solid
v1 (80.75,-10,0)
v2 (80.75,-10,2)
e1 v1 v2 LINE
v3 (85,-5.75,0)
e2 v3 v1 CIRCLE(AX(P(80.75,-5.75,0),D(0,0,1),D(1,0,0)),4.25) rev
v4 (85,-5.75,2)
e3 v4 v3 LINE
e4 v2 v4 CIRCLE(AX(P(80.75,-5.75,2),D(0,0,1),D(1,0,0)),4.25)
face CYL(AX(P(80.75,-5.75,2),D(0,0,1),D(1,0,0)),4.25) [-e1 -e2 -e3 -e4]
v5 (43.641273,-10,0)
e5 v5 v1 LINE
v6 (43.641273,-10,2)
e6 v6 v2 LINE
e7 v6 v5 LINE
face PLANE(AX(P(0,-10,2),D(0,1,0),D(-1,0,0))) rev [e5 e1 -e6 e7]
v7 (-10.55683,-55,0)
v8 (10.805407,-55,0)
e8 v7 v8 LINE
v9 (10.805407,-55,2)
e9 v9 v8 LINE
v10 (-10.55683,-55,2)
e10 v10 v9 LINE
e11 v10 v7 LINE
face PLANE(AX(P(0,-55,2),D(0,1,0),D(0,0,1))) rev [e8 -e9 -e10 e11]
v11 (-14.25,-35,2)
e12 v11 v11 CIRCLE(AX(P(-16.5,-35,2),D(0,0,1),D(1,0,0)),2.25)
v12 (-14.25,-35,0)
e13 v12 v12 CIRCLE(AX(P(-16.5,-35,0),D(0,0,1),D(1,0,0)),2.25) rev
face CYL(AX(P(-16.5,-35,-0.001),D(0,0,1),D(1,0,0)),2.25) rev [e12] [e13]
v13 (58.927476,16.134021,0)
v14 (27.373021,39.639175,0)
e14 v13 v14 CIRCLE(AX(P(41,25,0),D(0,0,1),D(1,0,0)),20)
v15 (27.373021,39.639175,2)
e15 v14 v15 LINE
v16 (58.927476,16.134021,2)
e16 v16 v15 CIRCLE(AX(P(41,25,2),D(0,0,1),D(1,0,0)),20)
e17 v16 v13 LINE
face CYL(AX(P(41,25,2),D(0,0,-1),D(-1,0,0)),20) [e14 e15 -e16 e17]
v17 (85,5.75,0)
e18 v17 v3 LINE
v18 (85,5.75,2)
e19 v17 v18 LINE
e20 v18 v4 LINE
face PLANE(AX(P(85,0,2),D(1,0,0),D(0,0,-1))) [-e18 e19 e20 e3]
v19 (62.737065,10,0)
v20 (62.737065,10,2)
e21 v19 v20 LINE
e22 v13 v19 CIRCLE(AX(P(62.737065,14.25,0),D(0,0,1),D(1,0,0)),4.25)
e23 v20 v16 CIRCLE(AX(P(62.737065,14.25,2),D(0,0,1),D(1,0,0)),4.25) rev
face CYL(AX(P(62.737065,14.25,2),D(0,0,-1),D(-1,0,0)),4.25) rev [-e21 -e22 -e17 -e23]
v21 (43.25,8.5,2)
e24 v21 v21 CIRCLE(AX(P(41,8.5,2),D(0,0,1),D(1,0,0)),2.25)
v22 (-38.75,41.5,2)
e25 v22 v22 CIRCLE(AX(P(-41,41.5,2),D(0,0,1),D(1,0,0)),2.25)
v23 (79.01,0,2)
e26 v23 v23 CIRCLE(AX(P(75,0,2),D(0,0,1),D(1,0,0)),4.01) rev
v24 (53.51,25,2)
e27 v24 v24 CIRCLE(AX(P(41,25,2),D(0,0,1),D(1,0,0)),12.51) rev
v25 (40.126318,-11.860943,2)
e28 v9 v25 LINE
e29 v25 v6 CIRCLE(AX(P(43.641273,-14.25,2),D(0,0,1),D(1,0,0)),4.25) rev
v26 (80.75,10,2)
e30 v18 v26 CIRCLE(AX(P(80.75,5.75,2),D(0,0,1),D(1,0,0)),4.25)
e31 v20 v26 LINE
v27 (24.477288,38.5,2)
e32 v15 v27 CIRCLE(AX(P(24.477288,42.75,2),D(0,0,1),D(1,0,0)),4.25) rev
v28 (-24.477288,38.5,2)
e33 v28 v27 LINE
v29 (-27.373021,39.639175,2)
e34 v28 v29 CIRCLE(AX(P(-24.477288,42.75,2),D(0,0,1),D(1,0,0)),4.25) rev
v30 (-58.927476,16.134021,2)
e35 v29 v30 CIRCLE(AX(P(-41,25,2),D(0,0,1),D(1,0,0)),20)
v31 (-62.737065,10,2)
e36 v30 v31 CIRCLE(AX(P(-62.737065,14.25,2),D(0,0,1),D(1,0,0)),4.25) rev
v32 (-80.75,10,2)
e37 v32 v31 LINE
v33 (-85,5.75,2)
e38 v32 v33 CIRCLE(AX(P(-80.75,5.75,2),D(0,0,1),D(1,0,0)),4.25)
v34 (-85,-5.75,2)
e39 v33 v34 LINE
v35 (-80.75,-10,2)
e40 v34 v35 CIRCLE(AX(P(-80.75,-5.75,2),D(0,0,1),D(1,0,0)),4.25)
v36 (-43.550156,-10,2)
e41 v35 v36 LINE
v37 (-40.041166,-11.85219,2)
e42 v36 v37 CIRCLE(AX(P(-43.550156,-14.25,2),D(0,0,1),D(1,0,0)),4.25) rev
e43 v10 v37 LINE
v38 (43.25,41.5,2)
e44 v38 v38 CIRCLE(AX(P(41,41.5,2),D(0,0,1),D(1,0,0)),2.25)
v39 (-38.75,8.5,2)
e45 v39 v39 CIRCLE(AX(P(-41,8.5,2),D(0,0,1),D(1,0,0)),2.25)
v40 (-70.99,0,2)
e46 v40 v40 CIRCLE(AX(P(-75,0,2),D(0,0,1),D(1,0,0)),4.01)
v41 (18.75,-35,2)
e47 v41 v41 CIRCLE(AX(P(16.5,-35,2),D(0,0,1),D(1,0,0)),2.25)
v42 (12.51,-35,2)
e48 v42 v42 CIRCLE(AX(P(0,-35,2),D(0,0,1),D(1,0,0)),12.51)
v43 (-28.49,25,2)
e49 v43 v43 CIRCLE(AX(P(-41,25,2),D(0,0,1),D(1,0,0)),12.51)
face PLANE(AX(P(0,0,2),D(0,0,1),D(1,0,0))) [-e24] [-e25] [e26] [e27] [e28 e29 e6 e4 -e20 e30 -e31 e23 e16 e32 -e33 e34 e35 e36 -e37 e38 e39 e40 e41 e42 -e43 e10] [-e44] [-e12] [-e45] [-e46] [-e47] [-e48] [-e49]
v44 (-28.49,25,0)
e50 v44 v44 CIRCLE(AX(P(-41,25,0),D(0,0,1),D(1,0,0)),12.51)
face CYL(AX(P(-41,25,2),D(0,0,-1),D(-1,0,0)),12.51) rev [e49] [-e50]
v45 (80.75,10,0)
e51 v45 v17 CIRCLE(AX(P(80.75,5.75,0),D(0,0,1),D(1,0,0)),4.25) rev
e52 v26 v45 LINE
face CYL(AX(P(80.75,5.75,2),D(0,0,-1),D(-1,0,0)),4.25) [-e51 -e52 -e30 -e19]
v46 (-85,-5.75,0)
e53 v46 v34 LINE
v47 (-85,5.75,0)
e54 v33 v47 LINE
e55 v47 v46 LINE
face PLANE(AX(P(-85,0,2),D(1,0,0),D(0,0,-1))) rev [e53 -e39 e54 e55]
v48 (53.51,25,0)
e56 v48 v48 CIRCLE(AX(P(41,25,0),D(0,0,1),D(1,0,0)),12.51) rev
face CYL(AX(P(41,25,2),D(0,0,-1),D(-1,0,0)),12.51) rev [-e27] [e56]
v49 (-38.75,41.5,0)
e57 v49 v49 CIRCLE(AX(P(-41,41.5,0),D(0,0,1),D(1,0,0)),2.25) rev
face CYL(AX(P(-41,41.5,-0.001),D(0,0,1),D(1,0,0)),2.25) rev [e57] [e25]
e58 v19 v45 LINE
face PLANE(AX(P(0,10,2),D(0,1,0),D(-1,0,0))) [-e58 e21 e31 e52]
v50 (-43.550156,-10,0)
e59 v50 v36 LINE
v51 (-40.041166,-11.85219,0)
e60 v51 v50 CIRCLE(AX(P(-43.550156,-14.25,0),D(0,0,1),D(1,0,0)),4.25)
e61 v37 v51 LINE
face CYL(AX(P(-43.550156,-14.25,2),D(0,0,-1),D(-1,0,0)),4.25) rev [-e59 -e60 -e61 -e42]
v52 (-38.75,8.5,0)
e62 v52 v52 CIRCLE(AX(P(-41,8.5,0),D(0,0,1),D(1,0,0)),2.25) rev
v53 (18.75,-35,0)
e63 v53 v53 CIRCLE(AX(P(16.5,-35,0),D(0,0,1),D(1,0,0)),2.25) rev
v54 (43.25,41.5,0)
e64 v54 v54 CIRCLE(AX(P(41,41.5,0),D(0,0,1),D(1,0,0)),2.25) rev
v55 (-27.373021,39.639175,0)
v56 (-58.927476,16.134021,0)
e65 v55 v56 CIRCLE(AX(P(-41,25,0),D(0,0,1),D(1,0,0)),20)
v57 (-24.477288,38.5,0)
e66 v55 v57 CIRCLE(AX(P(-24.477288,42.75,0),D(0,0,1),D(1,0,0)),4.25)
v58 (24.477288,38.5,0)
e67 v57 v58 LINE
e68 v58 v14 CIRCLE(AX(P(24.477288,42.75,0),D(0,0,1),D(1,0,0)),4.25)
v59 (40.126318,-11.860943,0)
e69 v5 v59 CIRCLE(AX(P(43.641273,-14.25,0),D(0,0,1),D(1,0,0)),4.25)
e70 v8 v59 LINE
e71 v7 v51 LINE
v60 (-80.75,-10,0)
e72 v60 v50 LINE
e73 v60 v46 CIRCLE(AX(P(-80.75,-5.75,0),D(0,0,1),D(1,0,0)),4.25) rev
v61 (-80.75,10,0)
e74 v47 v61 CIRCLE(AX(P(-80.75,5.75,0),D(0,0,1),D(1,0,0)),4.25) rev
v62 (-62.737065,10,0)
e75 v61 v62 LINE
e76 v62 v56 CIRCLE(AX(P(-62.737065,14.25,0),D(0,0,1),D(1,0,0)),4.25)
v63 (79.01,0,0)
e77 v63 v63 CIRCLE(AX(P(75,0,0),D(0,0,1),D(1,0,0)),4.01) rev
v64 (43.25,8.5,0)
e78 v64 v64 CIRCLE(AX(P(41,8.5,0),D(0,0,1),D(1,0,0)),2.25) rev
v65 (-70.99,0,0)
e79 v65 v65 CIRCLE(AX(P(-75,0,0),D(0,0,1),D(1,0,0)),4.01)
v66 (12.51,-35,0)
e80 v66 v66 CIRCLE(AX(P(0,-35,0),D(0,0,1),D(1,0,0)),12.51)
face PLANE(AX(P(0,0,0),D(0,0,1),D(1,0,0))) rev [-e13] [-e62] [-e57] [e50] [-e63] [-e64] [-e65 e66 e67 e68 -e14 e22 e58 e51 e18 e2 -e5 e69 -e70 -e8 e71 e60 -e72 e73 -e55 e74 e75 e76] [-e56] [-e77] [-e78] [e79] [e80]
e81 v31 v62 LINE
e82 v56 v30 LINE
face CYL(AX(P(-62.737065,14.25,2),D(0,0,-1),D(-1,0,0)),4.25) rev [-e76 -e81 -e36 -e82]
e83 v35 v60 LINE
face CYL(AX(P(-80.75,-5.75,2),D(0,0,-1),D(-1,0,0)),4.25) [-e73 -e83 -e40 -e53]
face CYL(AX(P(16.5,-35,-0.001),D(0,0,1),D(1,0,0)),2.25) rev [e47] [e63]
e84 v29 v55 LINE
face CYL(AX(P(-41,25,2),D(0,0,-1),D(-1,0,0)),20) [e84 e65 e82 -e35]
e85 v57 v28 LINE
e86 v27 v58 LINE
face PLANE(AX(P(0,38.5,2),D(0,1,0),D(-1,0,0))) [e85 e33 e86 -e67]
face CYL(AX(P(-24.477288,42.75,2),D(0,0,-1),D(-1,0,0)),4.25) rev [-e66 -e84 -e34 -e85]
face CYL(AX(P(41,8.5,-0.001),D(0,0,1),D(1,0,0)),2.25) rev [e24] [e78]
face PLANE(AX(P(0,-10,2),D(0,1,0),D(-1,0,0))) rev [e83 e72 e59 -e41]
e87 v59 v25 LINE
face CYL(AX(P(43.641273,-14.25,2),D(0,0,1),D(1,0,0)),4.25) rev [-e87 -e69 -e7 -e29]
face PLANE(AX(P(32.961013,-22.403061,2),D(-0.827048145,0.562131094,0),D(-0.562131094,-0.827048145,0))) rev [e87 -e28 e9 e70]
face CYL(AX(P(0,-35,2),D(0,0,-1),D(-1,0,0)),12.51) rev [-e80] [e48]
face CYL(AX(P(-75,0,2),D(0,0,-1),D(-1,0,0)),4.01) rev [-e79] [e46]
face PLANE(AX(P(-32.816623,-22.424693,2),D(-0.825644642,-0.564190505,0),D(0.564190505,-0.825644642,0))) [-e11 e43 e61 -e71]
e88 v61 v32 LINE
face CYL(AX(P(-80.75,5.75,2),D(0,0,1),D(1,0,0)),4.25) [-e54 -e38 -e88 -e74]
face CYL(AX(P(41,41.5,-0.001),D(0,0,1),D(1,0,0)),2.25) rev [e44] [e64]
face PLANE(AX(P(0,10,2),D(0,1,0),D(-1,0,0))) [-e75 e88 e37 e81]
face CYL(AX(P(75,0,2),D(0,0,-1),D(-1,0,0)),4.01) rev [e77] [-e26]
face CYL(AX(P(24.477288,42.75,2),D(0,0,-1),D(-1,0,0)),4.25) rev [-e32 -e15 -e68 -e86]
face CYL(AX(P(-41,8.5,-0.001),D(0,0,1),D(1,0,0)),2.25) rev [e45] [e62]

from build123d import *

# Parameters (mm, degrees)
SKETCH1_R           = 12.51
SKETCH1_R_2         = 4.01
BOSS_EXTRUDE1_DEPTH = 2
FILLET1_R           = 4.25
CUT_EXTRUDE1_REACH  = 4
SKETCH2_R           = 2.25


with BuildPart() as part:
    # Sketch1 → Boss-Extrude1 (new body)
    with BuildSketch(Plane.XY):
        with BuildLine():
            ThreePointArc((-26.243645437, 38.5), (-53.422989473, 40.673842303), (-57.51289283, 13.716189899))
            Line((-57.51289283, 13.716189899), (-54.973496399, 10))
            Line((-54.973496399, 10), (-85, 10))
            Line((-85, 10), (-85, -10))
            Line((-85, -10), (-41.306829732, -10))
            Line((-41.306829732, -10), (-10.556829732, -55))
            Line((-10.556829732, -55), (10.805406659, -55))
            Line((10.805406659, -55), (41.391170475, -10))
            Line((41.391170475, -10), (85, -10))
            Line((85, -10), (85, 10))
            Line((85, 10), (54.984843282, 10))
            Line((54.984843282, 10), (57.38463841, 13.530753113))
            ThreePointArc((57.38463841, 13.530753113), (53.511141019, 40.603568515), (26.243645437, 38.5))
            Line((26.243645437, 38.5), (-26.243645437, 38.5))
        make_face()
        with Locations((0, -35)):
            Circle(SKETCH1_R, mode=Mode.SUBTRACT)
        with Locations((-75, 0)):
            Circle(SKETCH1_R_2, mode=Mode.SUBTRACT)
        with Locations((-41, 25)):
            Circle(SKETCH1_R, mode=Mode.SUBTRACT)
        with Locations((75, 0)):
            Circle(SKETCH1_R_2, mode=Mode.SUBTRACT)
        with Locations((41, 25)):
            Circle(SKETCH1_R, mode=Mode.SUBTRACT)
    extrude(amount=BOSS_EXTRUDE1_DEPTH)

    # Fillet1
    fillet1_edges = [part.edges().sort_by_distance(p)[0] for p in [
        (-85, -10, 1),
        (-85, 10, 1),
        (85, -10, 1),
        (85, 10, 1),
        (54.984843282, 10, 1),
        (-54.973496399, 10, 1),
        (41.391170475, -10, 1),
        (-41.306829732, -10, 1),
        (26.243645437, 38.5, 1),
        (-26.243645437, 38.5, 1),
    ]]
    fillet(fillet1_edges, radius=FILLET1_R)

    # Sketch2 → Cut-Extrude1 (cut, up to next)
    with BuildSketch(Plane.XY.offset(2), mode=Mode.PRIVATE) as cut_extrude1_sk1:
        with Locations((-41, 41.5)):
            Circle(SKETCH2_R)
    cut_extrude1_tool1 = extrude(cut_extrude1_sk1.sketch, amount=-CUT_EXTRUDE1_REACH, mode=Mode.PRIVATE) & part.part
    add(cut_extrude1_tool1.solids().sort_by_distance((-41, 41.5, 2))[0], mode=Mode.SUBTRACT)
    # Sketch2 → Cut-Extrude1 (cut, up to next)
    with BuildSketch(Plane.XY.offset(2), mode=Mode.PRIVATE) as cut_extrude1_sk2:
        with Locations((-41, 8.5)):
            Circle(SKETCH2_R)
    cut_extrude1_tool2 = extrude(cut_extrude1_sk2.sketch, amount=-CUT_EXTRUDE1_REACH, mode=Mode.PRIVATE) & part.part
    add(cut_extrude1_tool2.solids().sort_by_distance((-41, 8.5, 2))[0], mode=Mode.SUBTRACT)
    # Sketch2 → Cut-Extrude1 (cut, up to next)
    with BuildSketch(Plane.XY.offset(2), mode=Mode.PRIVATE) as cut_extrude1_sk3:
        with Locations((-16.5, -35)):
            Circle(SKETCH2_R)
    cut_extrude1_tool3 = extrude(cut_extrude1_sk3.sketch, amount=-CUT_EXTRUDE1_REACH, mode=Mode.PRIVATE) & part.part
    add(cut_extrude1_tool3.solids().sort_by_distance((-16.5, -35, 2))[0], mode=Mode.SUBTRACT)
    # Sketch2 → Cut-Extrude1 (cut, up to next)
    with BuildSketch(Plane.XY.offset(2), mode=Mode.PRIVATE) as cut_extrude1_sk4:
        with Locations((16.5, -35)):
            Circle(SKETCH2_R)
    cut_extrude1_tool4 = extrude(cut_extrude1_sk4.sketch, amount=-CUT_EXTRUDE1_REACH, mode=Mode.PRIVATE) & part.part
    add(cut_extrude1_tool4.solids().sort_by_distance((16.5, -35, 2))[0], mode=Mode.SUBTRACT)
    # Sketch2 → Cut-Extrude1 (cut, up to next)
    with BuildSketch(Plane.XY.offset(2), mode=Mode.PRIVATE) as cut_extrude1_sk5:
        with Locations((41, 8.5)):
            Circle(SKETCH2_R)
    cut_extrude1_tool5 = extrude(cut_extrude1_sk5.sketch, amount=-CUT_EXTRUDE1_REACH, mode=Mode.PRIVATE) & part.part
    add(cut_extrude1_tool5.solids().sort_by_distance((41, 8.5, 2))[0], mode=Mode.SUBTRACT)
    # Sketch2 → Cut-Extrude1 (cut, up to next)
    with BuildSketch(Plane.XY.offset(2), mode=Mode.PRIVATE) as cut_extrude1_sk6:
        with Locations((41, 41.5)):
            Circle(SKETCH2_R)
    cut_extrude1_tool6 = extrude(cut_extrude1_sk6.sketch, amount=-CUT_EXTRUDE1_REACH, mode=Mode.PRIVATE) & part.part
    add(cut_extrude1_tool6.solids().sort_by_distance((41, 41.5, 2))[0], mode=Mode.SUBTRACT)


solid = part.part
